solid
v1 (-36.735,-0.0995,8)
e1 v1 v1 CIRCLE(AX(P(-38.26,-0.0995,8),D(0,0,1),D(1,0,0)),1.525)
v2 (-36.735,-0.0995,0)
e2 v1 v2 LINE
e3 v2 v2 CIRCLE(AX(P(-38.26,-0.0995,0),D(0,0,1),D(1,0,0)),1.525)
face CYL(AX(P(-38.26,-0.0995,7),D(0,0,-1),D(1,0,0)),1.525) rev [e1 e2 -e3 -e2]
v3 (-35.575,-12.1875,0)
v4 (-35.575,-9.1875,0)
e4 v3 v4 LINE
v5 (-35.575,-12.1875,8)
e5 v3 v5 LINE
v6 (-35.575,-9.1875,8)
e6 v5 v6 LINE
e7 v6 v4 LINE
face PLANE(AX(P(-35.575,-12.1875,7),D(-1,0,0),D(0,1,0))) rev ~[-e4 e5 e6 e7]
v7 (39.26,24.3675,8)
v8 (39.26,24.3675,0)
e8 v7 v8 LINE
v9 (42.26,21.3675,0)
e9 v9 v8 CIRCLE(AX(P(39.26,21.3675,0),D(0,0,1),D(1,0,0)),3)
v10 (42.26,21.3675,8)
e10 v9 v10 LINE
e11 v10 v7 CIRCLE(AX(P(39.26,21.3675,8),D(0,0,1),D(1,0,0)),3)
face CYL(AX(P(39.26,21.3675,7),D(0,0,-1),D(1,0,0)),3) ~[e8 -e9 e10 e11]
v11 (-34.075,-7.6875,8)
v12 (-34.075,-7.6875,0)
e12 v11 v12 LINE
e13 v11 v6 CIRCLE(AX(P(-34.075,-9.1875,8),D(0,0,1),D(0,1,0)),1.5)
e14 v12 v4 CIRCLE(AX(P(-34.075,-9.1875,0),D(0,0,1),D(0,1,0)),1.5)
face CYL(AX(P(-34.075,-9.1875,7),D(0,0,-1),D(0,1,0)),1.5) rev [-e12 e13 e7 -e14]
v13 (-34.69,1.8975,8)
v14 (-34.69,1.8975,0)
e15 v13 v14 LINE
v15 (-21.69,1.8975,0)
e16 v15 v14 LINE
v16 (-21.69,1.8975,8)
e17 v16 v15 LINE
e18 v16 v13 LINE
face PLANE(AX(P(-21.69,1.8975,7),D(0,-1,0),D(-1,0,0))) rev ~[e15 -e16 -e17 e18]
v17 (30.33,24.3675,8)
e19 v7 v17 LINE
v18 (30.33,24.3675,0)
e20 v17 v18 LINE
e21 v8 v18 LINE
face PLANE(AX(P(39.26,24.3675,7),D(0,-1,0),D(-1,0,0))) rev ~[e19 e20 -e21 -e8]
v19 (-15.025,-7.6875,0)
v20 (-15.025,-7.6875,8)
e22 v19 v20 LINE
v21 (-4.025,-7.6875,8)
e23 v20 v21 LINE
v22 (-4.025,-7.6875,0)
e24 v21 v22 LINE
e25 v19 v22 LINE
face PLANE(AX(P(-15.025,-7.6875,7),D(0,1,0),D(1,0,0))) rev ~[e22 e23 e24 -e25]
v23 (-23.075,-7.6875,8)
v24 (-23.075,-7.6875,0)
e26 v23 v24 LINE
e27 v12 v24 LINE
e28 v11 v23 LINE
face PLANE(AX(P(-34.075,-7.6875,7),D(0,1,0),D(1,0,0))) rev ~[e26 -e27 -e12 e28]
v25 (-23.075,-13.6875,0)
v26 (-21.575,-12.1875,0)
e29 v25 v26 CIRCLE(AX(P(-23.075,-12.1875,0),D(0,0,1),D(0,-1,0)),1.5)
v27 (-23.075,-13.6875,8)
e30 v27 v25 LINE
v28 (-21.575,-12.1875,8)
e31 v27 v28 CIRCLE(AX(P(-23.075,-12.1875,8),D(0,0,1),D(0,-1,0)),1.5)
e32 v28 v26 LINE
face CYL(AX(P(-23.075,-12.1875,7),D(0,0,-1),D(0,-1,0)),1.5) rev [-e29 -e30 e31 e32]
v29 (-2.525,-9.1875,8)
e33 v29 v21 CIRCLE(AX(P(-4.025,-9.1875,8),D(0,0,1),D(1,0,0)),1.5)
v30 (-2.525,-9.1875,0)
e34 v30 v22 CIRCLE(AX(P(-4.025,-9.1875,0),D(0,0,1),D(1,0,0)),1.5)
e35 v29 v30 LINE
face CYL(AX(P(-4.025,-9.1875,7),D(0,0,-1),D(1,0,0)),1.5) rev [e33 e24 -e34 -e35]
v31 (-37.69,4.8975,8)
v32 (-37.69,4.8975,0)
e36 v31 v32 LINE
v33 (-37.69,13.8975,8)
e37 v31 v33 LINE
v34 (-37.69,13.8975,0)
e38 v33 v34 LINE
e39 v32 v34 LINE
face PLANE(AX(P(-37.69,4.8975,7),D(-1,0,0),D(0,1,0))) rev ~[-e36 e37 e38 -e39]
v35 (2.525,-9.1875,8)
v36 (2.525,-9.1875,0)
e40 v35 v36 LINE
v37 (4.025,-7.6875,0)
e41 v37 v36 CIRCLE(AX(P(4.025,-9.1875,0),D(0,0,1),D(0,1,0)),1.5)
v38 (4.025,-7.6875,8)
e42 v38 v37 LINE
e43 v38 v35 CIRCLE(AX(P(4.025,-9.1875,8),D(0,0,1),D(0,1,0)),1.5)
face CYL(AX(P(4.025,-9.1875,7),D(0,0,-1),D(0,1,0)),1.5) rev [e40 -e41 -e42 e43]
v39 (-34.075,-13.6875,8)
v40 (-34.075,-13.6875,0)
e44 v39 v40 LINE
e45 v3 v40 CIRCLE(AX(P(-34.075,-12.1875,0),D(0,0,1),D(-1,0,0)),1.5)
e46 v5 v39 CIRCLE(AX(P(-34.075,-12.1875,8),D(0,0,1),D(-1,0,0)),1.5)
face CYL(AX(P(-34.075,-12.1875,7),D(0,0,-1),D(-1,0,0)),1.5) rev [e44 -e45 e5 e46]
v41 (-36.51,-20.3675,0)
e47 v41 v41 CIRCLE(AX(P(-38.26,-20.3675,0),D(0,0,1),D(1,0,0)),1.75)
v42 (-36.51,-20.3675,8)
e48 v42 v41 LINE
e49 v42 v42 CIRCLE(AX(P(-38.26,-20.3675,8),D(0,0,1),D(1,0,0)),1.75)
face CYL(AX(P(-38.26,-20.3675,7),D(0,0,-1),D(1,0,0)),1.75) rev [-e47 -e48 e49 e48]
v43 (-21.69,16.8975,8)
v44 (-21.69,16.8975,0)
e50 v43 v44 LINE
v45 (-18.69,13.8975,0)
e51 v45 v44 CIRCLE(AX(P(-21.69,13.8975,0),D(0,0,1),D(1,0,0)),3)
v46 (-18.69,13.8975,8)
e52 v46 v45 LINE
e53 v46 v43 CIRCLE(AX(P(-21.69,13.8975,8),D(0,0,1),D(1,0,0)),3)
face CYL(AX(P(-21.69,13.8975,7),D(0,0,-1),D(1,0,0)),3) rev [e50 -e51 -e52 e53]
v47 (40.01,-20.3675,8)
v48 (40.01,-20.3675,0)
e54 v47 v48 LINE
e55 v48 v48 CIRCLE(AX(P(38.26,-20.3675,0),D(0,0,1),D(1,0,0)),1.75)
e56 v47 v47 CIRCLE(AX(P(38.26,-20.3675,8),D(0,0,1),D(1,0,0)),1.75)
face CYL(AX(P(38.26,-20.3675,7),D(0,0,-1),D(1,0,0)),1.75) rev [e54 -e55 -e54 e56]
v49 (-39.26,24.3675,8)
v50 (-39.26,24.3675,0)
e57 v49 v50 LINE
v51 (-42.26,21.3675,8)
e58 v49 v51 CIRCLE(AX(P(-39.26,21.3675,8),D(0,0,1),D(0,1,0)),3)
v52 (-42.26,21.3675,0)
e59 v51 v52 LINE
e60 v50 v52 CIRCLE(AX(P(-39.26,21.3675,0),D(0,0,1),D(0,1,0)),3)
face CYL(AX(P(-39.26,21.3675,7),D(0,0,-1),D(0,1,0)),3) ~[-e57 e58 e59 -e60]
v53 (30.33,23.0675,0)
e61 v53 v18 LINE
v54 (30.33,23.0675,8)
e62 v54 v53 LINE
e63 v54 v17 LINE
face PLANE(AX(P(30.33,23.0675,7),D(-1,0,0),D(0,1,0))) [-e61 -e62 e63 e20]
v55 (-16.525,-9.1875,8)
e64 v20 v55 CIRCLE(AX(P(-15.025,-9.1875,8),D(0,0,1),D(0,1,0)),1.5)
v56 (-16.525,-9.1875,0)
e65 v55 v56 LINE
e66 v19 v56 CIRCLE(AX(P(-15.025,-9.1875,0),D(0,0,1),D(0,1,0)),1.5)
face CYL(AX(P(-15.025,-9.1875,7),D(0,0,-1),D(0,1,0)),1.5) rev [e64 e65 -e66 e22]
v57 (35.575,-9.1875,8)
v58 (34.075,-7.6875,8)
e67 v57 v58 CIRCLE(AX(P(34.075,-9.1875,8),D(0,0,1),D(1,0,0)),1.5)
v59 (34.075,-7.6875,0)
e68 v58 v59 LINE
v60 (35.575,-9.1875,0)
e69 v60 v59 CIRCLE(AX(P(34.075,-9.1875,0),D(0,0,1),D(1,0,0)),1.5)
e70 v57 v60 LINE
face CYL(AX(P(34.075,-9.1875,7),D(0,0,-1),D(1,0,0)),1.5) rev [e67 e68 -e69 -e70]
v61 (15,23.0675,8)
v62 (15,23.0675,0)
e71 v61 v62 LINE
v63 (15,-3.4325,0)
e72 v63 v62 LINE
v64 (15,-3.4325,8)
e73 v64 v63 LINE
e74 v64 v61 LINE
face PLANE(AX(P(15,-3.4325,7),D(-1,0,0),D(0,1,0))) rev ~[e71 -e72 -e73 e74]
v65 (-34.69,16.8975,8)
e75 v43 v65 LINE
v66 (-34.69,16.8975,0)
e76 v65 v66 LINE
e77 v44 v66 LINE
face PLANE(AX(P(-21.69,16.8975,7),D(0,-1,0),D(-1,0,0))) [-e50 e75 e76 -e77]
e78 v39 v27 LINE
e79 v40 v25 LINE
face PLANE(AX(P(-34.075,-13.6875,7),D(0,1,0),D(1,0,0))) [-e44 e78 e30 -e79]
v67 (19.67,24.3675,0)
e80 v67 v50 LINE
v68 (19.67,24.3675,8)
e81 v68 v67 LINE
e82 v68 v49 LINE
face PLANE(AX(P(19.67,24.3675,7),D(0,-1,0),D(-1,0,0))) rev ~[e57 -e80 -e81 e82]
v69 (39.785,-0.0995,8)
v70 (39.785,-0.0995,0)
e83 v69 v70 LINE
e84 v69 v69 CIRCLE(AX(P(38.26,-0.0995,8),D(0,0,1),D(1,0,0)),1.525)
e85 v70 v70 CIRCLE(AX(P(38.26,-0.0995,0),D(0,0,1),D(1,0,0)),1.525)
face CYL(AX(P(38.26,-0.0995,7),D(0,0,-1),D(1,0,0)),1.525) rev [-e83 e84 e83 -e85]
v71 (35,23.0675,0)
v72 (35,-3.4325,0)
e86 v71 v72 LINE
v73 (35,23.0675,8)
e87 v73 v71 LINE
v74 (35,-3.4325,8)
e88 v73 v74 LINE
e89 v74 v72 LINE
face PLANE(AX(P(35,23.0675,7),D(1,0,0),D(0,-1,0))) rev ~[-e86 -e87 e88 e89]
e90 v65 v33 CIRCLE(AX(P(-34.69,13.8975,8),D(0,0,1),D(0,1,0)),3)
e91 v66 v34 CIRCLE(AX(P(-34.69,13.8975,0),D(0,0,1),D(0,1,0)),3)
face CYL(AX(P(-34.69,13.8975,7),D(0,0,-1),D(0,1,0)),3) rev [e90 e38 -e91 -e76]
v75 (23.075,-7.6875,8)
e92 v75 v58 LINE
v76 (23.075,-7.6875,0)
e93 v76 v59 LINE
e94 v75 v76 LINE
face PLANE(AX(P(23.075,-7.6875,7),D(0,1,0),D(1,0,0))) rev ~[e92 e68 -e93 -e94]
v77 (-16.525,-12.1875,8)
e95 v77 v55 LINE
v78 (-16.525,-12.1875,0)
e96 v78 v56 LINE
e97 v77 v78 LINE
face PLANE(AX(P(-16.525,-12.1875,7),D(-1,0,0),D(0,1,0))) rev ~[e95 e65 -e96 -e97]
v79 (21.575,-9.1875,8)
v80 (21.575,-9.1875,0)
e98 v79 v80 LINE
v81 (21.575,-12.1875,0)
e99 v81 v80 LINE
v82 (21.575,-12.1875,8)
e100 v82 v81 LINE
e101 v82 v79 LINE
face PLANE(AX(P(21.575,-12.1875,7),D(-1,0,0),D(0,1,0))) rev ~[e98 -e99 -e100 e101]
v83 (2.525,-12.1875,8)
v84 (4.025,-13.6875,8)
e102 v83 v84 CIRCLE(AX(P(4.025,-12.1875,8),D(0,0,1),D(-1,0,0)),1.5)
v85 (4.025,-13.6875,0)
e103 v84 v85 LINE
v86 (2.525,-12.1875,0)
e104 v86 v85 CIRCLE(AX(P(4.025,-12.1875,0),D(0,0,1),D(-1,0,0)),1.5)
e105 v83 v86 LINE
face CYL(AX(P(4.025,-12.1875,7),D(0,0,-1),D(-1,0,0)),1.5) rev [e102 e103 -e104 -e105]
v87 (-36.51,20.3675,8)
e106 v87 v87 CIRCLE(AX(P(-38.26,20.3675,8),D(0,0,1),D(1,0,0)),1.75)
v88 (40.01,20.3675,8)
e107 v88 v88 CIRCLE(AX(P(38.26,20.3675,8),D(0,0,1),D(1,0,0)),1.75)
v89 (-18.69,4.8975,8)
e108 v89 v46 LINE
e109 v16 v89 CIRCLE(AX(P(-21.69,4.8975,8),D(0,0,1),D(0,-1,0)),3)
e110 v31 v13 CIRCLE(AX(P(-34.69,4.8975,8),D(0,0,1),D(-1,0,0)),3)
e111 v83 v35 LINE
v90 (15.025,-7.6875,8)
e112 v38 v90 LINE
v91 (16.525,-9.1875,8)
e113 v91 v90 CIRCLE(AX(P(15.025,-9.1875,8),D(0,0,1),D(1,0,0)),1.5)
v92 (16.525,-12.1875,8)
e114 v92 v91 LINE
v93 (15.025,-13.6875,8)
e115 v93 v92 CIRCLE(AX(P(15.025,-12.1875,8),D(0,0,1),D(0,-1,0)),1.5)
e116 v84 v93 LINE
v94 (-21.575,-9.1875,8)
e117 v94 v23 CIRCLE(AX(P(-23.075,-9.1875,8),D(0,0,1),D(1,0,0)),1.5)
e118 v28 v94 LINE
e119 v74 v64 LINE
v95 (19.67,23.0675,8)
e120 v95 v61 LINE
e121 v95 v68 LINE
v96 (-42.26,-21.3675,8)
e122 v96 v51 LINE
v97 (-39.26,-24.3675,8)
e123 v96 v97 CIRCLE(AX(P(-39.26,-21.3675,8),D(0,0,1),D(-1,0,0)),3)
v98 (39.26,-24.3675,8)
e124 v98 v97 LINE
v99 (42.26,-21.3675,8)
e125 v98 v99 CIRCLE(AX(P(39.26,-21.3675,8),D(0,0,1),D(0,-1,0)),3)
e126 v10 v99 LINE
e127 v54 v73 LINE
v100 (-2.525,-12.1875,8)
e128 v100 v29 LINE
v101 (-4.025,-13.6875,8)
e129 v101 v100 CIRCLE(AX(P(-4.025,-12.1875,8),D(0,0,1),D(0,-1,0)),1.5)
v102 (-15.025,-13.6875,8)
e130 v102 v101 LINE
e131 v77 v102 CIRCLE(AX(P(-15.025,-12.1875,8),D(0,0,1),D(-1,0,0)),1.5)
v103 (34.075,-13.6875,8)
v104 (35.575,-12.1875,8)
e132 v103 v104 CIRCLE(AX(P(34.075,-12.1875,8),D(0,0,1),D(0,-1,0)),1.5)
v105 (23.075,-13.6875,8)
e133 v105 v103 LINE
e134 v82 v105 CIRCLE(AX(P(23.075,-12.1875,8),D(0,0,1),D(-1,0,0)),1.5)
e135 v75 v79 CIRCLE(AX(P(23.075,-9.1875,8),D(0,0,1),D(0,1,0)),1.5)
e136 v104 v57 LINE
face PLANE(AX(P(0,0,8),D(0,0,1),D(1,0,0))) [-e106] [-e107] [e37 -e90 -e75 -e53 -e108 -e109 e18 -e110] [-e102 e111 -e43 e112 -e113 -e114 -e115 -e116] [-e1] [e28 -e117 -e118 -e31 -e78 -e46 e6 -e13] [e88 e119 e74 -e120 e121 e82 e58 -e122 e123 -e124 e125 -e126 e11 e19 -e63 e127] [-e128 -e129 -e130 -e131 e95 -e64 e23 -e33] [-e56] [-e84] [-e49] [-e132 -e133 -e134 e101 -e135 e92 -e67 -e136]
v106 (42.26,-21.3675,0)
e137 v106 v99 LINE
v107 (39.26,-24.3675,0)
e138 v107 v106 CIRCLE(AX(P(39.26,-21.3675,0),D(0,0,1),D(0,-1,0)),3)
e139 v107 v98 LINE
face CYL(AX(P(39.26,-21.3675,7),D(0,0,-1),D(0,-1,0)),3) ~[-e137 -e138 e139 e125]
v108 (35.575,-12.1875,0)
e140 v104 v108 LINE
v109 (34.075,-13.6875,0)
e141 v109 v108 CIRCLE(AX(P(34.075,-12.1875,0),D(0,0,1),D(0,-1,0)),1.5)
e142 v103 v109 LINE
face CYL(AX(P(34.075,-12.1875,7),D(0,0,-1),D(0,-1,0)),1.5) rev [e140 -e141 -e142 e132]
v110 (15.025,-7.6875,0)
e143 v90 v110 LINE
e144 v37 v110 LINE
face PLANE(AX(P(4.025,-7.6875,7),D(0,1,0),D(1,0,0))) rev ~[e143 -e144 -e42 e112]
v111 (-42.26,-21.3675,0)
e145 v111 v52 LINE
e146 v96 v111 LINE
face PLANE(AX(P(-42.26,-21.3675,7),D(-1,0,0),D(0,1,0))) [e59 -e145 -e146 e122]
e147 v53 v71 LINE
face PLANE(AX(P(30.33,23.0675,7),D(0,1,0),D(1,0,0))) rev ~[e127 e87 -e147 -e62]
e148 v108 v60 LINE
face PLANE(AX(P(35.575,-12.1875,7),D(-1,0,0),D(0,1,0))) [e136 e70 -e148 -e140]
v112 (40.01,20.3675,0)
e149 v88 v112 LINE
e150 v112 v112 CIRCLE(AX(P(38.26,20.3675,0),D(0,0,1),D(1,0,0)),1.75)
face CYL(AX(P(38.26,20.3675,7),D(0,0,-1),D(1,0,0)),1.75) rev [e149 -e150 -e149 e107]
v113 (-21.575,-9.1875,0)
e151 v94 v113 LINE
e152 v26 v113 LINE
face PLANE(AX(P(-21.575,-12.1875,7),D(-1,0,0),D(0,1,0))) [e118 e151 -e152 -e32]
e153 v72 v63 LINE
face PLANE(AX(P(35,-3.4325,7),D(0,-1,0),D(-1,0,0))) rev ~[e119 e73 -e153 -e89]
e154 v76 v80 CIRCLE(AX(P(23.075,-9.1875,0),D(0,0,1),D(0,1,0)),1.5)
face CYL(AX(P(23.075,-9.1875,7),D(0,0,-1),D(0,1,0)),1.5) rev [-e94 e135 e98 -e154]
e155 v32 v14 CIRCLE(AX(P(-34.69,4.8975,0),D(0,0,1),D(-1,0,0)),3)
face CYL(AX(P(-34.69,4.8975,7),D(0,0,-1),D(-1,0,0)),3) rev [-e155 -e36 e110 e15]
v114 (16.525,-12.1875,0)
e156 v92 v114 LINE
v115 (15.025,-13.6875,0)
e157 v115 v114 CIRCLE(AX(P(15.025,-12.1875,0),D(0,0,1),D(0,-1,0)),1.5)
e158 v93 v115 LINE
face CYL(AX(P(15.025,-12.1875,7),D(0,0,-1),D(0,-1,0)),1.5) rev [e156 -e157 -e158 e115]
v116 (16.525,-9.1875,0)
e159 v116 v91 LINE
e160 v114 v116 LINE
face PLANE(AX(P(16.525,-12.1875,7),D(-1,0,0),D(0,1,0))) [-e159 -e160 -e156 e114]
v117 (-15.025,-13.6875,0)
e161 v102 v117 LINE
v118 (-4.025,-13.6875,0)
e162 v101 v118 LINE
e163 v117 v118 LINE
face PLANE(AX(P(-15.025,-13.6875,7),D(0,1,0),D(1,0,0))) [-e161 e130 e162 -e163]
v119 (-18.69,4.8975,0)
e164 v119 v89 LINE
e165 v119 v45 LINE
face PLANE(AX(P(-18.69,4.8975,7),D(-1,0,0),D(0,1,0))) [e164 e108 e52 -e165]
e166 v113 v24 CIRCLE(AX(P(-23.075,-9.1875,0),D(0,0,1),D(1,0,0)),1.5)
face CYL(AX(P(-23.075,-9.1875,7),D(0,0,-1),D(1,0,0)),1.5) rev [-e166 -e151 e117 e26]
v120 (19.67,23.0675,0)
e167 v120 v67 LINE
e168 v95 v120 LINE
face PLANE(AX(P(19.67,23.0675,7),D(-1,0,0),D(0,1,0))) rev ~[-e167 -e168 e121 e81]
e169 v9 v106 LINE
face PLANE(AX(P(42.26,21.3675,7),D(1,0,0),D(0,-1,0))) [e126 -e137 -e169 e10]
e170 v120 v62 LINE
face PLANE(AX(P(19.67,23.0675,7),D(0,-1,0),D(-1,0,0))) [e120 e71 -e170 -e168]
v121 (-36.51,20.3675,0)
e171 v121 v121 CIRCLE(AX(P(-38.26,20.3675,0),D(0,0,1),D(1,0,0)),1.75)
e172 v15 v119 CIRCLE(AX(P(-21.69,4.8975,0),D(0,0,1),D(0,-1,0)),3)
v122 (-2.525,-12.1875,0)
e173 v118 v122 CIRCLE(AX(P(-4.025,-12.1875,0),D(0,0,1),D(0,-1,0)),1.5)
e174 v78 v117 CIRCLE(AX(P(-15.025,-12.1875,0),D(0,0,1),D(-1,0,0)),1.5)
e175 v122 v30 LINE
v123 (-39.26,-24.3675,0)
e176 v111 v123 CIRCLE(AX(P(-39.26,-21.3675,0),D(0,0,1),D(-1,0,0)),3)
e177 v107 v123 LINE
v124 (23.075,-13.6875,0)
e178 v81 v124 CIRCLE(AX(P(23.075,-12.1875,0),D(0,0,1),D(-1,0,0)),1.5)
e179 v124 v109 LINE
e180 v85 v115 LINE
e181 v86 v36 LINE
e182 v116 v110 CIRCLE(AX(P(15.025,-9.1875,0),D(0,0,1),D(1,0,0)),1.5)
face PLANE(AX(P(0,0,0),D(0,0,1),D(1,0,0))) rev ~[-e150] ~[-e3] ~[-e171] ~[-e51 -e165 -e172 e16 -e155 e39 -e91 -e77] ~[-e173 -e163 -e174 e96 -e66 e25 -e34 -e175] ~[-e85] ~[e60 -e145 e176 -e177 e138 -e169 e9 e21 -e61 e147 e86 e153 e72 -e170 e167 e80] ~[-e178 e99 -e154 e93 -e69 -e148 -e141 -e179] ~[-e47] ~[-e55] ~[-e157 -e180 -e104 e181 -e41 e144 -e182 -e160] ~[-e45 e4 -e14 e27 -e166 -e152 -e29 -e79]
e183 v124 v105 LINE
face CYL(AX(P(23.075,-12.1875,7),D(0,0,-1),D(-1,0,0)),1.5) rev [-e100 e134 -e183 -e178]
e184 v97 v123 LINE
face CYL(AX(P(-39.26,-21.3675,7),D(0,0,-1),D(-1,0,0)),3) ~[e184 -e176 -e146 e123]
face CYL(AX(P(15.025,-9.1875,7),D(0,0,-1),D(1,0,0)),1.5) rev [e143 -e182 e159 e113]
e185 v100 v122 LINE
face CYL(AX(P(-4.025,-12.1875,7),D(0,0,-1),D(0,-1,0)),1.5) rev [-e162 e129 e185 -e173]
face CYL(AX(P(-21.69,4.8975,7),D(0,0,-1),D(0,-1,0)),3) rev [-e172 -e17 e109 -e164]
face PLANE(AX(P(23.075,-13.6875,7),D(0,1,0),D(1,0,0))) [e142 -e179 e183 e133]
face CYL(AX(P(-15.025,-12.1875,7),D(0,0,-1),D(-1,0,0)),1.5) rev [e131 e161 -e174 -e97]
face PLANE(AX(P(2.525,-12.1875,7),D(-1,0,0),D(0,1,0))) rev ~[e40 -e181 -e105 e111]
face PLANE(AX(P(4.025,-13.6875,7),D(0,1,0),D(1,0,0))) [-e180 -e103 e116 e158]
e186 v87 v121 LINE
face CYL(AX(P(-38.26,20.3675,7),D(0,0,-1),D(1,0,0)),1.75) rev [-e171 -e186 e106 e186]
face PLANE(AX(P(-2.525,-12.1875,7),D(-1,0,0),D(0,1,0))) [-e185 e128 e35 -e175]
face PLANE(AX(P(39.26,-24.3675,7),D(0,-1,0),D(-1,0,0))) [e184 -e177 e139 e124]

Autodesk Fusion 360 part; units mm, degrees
sketch "Sketch1" plane through (0, 0, 0) normal (0, 0, 1) x (1, 0, 0)
  arc A0 (39.26, -24.3675) -> (42.26, -21.3675) centre (39.26, -21.3675) ccw
  circle A1 centre (38.26, -0.0995) radius 1.525
  circle A2 centre (-38.26, -20.3675) radius 1.75
  circle A3 centre (-38.26, 20.3675) radius 1.75
  line L0 (42.26, 21.3675) -> (42.26, -21.3675)
  arc A4 (-42.26, -21.3675) -> (-39.26, -24.3675) centre (-39.26, -21.3675) ccw
  line L1 (39.26, -24.3675) -> (-39.26, -24.3675)
  line L2 (-42.26, -21.3675) -> (-42.26, 21.3675)
  arc A5 (-39.26, 24.3675) -> (-42.26, 21.3675) centre (-39.26, 21.3675) ccw
  arc A6 (42.26, 21.3675) -> (39.26, 24.3675) centre (39.26, 21.3675) ccw
  circle A7 centre (38.26, 20.3675) radius 1.75
  circle A8 centre (-38.26, -0.0995) radius 1.525
  circle A9 centre (38.26, -20.3675) radius 1.75
  arc A10 (16.525, -9.1875) -> (15.025, -7.6875) centre (15.025, -9.1875) ccw
  arc A11 (-35.575, -12.1875) -> (-34.075, -13.6875) centre (-34.075, -12.1875) ccw
  line L3 (4.025, -7.6875) -> (15.025, -7.6875)
  arc A12 (-15.025, -7.6875) -> (-16.525, -9.1875) centre (-15.025, -9.1875) ccw
  line L4 (-16.525, -12.1875) -> (-16.525, -9.1875)
  line L5 (23.075, -13.6875) -> (34.075, -13.6875)
  line L6 (-15.025, -13.6875) -> (-4.025, -13.6875)
  arc A13 (21.575, -12.1875) -> (23.075, -13.6875) centre (23.075, -12.1875) ccw
  line L7 (-34.075, -7.6875) -> (-23.075, -7.6875)
  arc A14 (34.075, -13.6875) -> (35.575, -12.1875) centre (34.075, -12.1875) ccw
  line L8 (-34.075, -13.6875) -> (-23.075, -13.6875)
  line L9 (2.525, -12.1875) -> (2.525, -9.1875)
  arc A15 (35.575, -9.1875) -> (34.075, -7.6875) centre (34.075, -9.1875) ccw
  arc A16 (-2.525, -9.1875) -> (-4.025, -7.6875) centre (-4.025, -9.1875) ccw
  arc A17 (4.025, -7.6875) -> (2.525, -9.1875) centre (4.025, -9.1875) ccw
  line L10 (-35.575, -12.1875) -> (-35.575, -9.1875)
  line L11 (16.525, -12.1875) -> (16.525, -9.1875)
  arc A18 (-4.025, -13.6875) -> (-2.525, -12.1875) centre (-4.025, -12.1875) ccw
  line L12 (23.075, -7.6875) -> (34.075, -7.6875)
  arc A19 (-23.075, -13.6875) -> (-21.575, -12.1875) centre (-23.075, -12.1875) ccw
  line L13 (21.575, -12.1875) -> (21.575, -9.1875)
  line L14 (-15.025, -7.6875) -> (-4.025, -7.6875)
  line L15 (35.575, -12.1875) -> (35.575, -9.1875)
  arc A20 (2.525, -12.1875) -> (4.025, -13.6875) centre (4.025, -12.1875) ccw
  arc A21 (-16.525, -12.1875) -> (-15.025, -13.6875) centre (-15.025, -12.1875) ccw
  arc A22 (-21.575, -9.1875) -> (-23.075, -7.6875) centre (-23.075, -9.1875) ccw
  line L16 (-21.575, -12.1875) -> (-21.575, -9.1875)
  line L17 (-2.525, -12.1875) -> (-2.525, -9.1875)
  arc A23 (15.025, -13.6875) -> (16.525, -12.1875) centre (15.025, -12.1875) ccw
  arc A24 (-34.075, -7.6875) -> (-35.575, -9.1875) centre (-34.075, -9.1875) ccw
  line L18 (4.025, -13.6875) -> (15.025, -13.6875)
  arc A25 (23.075, -7.6875) -> (21.575, -9.1875) centre (23.075, -9.1875) ccw
  line L19 (-18.69, 4.8975) -> (-18.69, 13.8975)
  arc A26 (-18.69, 13.8975) -> (-21.69, 16.8975) centre (-21.69, 13.8975) ccw
  line L20 (-21.69, 16.8975) -> (-34.69, 16.8975)
  arc A27 (-34.69, 16.8975) -> (-37.69, 13.8975) centre (-34.69, 13.8975) ccw
  line L21 (-37.69, 4.8975) -> (-37.69, 13.8975)
  arc A28 (-37.69, 4.8975) -> (-34.69, 1.8975) centre (-34.69, 4.8975) ccw
  line L22 (-21.69, 1.8975) -> (-34.69, 1.8975)
  arc A29 (-21.69, 1.8975) -> (-18.69, 4.8975) centre (-21.69, 4.8975) ccw
  line L23 (35, -3.4325) -> (15, -3.4325)
  line L24 (19.67, 23.0675) -> (15, 23.0675)
  line L25 (30.33, 23.0675) -> (35, 23.0675)
  line L26 (15, -3.4325) -> (15, 23.0675)
  line L27 (35, 23.0675) -> (35, -3.4325)
  line L28 (19.67, 23.0675) -> (19.67, 24.3675)
  line L29 (30.33, 23.0675) -> (30.33, 24.3675)
  line L30 (39.26, 24.3675) -> (30.33, 24.3675)
  line L31 (19.67, 24.3675) -> (-39.26, 24.3675)
  point P0 (-42.26, -24.3675)
  dimension "d1" = 3.5
  dimension "d2" = 3.05
  dimension "d3" = 3.05
  dimension "d4" = 20.268
  dimension "d5" = 3
  dimension "d6" = 3
  dimension "d7" = 3
  dimension "d8" = 3
  dimension "d11" = 3.5
  dimension "d12" = 1.4142
  dimension "d13" = 4
  dimension "d14" = 10.68
  dimension "d15" = 6
  dimension "d16" = 14
  dimension "d17" = 1.5
  dimension "d18" = 1.5
  dimension "d19" = 1.5
  dimension "d20" = 1.5
  dimension "d21" = 1.5
  dimension "d22" = 1.5
  dimension "d23" = 1.5
  dimension "d24" = 1.5
  dimension "d25" = 1.5
  dimension "d26" = 1.5
  dimension "d27" = 1.5
  dimension "d28" = 1.5
  dimension "d29" = 1.5
  dimension "d30" = 1.5
  dimension "d31" = 1.5
  dimension "d32" = 1.5
  dimension "d33" = 6
  dimension "d34" = 6
  dimension "d35" = 6
  dimension "d36" = 10.68
  dimension "d37" = 10.68
  dimension "d38" = 10.68
  dimension "d40" = 6.685
  dimension "d41" = 5.05
  dimension "d42" = 5.05
  dimension "d43" = 5.05
  dimension "d44" = 4
  dimension "d45" = 4
  dimension "d46" = 4
  dimension "d47" = 1.4142
  dimension "d48" = 4
  dimension "d49" = 1.4142
  dimension "d50" = 20.268
  dimension "d51" = 14
  dimension "d52" = 14
  dimension "d53" = 14
  dimension "d54" = 6.685
  dimension "d55" = 3
  dimension "d56" = 3
  dimension "d57" = 3
  dimension "d58" = 3
  dimension "d59" = 19
  dimension "d60" = 15
  dimension "d61" = 4.57
  dimension "d63" = 26.5
  dimension "d64" = 26.5
  dimension "d65" = 20
  dimension "d66" = 10.66
  dimension "d67" = 1.3
  dimension "d68" = 1.3
  dimension "d69" = 4.67
  dimension "d70" = 4.67
  dimension "d71" = 7.26
  dimension "d78" = 3.5
  dimension "d79" = 3.5
extrude "Extrude1" add sketch "Sketch1" along normal blind 3
extrude "Extrude2" add 1 faces at (0.0405, 9.7541, 3) along direction (0, 0, 1) blind 4
extrude "Extrude4" add 1 faces at (0.0405, 9.7541, 7) along direction (0, 0, 1) blind 1
